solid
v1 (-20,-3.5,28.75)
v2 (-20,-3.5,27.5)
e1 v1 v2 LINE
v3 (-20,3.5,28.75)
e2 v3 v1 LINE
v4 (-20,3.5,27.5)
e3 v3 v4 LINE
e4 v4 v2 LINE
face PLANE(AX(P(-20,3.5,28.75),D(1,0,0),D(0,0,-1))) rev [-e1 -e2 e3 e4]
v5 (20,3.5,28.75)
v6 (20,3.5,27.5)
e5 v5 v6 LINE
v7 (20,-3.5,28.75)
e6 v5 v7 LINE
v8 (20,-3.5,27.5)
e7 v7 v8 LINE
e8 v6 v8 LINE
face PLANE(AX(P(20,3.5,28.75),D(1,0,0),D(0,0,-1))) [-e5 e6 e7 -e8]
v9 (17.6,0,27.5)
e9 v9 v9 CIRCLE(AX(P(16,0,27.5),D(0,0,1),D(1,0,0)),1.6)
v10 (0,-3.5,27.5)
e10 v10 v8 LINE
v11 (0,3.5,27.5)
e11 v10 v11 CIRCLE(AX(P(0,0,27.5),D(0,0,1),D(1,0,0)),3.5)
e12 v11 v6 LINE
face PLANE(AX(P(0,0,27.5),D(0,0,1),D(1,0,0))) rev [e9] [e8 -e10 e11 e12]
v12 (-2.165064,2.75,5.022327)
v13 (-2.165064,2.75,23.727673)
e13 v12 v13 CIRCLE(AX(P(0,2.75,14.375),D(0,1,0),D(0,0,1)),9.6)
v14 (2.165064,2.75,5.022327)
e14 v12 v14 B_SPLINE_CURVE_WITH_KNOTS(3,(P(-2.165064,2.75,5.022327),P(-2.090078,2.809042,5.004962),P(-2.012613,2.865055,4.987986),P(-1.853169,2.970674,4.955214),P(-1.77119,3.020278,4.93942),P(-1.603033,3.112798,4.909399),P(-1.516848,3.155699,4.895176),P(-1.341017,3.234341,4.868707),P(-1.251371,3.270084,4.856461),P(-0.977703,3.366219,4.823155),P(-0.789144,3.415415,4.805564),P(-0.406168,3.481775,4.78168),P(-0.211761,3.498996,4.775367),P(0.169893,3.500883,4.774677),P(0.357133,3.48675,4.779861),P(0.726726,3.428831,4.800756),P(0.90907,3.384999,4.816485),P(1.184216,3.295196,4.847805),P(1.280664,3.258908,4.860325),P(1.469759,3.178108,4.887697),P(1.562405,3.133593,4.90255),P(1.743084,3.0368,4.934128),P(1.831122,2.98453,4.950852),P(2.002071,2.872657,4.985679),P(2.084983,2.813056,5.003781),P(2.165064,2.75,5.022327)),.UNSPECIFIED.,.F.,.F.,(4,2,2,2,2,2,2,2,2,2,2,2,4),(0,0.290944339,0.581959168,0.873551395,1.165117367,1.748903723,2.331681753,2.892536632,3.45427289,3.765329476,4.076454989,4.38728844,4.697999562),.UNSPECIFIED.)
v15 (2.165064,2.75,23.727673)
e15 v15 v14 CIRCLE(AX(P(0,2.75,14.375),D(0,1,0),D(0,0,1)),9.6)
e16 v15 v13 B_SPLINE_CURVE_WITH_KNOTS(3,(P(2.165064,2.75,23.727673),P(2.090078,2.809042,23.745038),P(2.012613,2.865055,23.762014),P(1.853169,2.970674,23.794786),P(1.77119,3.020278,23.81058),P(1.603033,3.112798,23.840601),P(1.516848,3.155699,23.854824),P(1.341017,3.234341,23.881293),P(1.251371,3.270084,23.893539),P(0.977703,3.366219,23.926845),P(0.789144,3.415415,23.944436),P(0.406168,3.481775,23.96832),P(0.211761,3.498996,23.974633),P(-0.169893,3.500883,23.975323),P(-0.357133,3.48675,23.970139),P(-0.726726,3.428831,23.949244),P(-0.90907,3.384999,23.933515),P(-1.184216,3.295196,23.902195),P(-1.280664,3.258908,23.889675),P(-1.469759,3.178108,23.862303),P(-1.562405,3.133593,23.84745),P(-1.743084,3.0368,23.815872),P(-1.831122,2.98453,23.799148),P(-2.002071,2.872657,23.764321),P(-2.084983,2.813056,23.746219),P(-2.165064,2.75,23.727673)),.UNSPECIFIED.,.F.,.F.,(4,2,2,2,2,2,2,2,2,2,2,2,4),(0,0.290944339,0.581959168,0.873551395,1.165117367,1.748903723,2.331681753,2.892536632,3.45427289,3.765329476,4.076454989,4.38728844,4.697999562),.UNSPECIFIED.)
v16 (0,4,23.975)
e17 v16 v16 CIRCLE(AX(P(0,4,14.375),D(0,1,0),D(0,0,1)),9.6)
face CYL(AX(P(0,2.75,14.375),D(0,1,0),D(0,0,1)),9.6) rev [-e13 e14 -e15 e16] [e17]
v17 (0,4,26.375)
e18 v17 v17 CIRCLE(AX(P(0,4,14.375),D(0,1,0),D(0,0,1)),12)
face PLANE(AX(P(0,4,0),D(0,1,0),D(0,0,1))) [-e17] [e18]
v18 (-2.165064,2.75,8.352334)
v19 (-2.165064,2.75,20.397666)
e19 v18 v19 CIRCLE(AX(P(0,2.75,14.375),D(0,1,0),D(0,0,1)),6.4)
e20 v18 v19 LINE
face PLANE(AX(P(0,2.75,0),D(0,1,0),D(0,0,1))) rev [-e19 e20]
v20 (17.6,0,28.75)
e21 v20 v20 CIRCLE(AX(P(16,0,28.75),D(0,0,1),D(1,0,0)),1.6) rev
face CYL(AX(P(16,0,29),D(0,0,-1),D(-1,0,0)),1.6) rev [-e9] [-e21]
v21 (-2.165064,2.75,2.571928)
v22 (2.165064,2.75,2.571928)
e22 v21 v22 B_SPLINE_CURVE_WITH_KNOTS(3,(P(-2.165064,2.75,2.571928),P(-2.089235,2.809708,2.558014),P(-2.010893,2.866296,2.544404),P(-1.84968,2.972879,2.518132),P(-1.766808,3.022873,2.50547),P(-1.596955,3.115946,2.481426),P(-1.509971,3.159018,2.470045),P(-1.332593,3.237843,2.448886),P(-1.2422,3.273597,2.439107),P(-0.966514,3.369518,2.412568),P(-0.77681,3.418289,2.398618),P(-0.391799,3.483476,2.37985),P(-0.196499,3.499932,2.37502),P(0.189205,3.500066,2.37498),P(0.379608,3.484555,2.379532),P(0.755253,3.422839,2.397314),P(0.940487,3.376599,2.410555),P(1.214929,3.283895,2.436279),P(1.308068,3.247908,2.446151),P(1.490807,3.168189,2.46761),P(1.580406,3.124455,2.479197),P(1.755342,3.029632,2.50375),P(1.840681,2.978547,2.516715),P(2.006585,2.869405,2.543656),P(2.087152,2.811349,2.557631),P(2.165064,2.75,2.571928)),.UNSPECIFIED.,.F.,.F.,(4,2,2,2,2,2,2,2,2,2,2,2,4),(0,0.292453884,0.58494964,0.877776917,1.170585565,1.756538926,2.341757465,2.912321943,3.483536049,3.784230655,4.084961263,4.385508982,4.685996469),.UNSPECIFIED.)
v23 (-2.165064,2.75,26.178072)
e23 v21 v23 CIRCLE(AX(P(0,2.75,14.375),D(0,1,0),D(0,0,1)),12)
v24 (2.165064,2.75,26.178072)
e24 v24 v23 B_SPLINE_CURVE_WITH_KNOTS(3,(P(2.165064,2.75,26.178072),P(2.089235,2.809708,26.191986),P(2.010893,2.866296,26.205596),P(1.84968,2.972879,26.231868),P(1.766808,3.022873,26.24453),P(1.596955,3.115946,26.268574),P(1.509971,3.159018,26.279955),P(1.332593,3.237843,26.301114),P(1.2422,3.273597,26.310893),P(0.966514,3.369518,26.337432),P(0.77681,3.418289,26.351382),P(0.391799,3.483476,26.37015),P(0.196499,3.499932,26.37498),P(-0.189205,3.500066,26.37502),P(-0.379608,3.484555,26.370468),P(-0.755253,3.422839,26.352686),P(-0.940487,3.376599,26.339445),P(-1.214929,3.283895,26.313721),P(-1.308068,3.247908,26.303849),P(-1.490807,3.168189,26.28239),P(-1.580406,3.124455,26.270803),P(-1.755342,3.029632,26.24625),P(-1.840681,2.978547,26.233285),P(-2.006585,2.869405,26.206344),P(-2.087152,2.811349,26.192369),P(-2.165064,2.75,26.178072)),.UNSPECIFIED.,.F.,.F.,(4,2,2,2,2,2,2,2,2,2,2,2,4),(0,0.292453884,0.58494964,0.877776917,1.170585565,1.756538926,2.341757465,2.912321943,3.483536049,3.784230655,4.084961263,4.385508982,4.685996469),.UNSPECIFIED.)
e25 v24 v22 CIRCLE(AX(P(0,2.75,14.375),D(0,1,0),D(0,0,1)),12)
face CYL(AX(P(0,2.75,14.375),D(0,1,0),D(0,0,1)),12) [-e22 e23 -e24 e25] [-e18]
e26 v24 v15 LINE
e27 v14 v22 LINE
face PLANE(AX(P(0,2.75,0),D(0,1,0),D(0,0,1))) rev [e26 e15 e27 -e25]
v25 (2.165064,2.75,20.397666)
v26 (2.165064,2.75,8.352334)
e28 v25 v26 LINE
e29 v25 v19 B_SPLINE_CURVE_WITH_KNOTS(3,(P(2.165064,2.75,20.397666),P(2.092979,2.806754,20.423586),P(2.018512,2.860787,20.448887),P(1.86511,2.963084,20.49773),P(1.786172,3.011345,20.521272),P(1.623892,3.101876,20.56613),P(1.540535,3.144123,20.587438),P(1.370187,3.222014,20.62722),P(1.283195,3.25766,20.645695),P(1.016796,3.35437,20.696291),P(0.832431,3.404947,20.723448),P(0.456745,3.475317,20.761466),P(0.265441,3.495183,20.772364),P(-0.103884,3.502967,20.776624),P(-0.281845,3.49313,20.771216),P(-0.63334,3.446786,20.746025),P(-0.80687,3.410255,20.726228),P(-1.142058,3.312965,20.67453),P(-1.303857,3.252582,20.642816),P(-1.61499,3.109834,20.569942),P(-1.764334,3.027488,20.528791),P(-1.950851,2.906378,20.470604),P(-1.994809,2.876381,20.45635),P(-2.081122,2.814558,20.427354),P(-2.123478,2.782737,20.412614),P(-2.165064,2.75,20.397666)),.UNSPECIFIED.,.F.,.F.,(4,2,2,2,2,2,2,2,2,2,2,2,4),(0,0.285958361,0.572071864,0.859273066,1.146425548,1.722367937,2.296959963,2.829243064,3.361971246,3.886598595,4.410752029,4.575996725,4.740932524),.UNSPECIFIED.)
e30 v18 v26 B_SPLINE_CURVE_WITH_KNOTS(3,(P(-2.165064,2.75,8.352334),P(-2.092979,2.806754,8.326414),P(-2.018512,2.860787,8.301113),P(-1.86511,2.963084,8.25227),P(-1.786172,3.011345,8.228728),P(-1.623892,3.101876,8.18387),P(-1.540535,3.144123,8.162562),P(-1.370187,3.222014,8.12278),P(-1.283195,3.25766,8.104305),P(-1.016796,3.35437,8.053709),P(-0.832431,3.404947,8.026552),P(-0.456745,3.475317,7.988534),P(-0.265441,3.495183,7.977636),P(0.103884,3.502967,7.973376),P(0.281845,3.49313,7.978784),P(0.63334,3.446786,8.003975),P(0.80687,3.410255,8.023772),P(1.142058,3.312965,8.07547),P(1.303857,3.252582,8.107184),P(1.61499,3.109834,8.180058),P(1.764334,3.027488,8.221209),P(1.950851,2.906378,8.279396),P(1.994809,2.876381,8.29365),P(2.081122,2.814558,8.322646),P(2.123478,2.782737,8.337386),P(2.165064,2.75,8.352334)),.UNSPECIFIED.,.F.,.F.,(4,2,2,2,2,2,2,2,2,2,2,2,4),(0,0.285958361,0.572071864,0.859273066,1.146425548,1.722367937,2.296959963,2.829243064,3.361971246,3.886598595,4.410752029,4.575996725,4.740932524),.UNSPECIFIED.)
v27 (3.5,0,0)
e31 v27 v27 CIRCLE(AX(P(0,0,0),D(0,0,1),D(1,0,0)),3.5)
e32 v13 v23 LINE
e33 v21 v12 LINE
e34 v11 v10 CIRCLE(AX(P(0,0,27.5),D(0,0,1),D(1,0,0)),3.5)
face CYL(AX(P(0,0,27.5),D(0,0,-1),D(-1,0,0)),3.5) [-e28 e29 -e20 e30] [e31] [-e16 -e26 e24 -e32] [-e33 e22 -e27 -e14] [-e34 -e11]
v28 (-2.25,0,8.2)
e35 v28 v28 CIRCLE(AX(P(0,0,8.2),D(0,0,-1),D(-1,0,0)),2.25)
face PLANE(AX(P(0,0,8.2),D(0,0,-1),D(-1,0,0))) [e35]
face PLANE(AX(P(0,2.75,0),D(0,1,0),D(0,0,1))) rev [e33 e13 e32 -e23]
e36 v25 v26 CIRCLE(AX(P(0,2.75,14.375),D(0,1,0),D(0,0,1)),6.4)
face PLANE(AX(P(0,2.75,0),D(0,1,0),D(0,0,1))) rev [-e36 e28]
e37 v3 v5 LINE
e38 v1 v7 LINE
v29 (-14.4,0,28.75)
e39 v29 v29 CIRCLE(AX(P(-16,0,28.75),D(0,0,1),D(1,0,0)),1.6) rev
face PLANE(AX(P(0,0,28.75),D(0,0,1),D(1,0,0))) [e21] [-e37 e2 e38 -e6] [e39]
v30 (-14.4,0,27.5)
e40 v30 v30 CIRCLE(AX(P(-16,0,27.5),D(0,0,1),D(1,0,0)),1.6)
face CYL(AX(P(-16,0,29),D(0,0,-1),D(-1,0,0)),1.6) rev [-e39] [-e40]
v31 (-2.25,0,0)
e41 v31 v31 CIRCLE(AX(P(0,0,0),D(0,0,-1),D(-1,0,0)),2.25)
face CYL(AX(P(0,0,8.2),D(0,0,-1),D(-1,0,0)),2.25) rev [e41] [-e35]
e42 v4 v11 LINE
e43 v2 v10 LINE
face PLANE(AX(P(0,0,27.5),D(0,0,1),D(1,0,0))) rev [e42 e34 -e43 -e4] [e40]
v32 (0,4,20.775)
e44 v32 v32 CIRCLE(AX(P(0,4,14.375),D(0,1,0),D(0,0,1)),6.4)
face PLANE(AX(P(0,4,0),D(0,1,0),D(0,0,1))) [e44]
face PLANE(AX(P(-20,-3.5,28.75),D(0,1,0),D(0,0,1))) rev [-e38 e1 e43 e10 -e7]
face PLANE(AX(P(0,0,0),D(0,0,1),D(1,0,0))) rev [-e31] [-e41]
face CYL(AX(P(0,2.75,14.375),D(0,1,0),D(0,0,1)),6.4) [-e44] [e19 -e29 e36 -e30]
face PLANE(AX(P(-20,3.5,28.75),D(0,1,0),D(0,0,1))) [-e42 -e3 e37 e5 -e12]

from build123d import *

# Parameters (mm, degrees)
SKETCH_1_R           = 3.5
EXTRUDE_1_DEPTH      = 27.5
SKETCH_2_R           = 2.25
CUT_EXTRUDE_1_DEPTH  = 8.2
SKETCH_3_W           = 40
SKETCH_3_H           = 7
EXTRUDE_2_DEPTH      = 1.25
SKETCH_3_4_R         = 1.6
CUT_EXTRUDE_3_DEPTH  = 1.5
EXTRUDE_3_DEPTH      = 0.5
EXTRUDE_3_DEPTH_BACK = 0.75
SKETCH_6_R           = 12
SKETCH_6_R_2         = 9.6
SKETCH_6_R_3         = 6.4


with BuildPart() as part:
    # 草图1 → 凸台-拉伸1 (new body)
    with BuildSketch(Plane.XY):
        Circle(SKETCH_1_R)
    extrude(amount=EXTRUDE_1_DEPTH)

    # 草图2 → 切除-拉伸1 (cut)
    with BuildSketch(Plane(origin=(0, 0, 0), x_dir=(-1, 0, 0), z_dir=(0, 0, -1))):
        Circle(SKETCH_2_R)
    extrude(amount=-CUT_EXTRUDE_1_DEPTH, mode=Mode.SUBTRACT)

    # 草图3 → 凸台-拉伸2 (add)
    with BuildSketch(Plane.XY.offset(27.5)):
        Rectangle(SKETCH_3_W, SKETCH_3_H)
    extrude(amount=EXTRUDE_2_DEPTH)

    # 草图3<4> → 切除-拉伸3 (cut)
    with BuildSketch(Plane.XY.offset(27.5)):
        with Locations((-16, 0)):
            Circle(SKETCH_3_4_R)
        with Locations((16, 0)):
            Circle(SKETCH_3_4_R)
    extrude(amount=CUT_EXTRUDE_3_DEPTH, mode=Mode.SUBTRACT)

    # 草图6 → 凸台-拉伸3 (add, two sides: drawn at the far end of the back side and taken through both)
    # profile 1 of 2: a face of its own
    with BuildSketch(Plane(origin=(0, 3.5, 0), x_dir=(1, 0, 0), z_dir=(0, 1, 0)).offset(-EXTRUDE_3_DEPTH_BACK)):
        with Locations((0, -14.375)):
            Circle(SKETCH_6_R)
        with Locations((0, -14.375)):
            Circle(SKETCH_6_R_2, mode=Mode.SUBTRACT)
    # profile 2 of 2: a face of its own
    with BuildSketch(Plane(origin=(0, 3.5, 0), x_dir=(1, 0, 0), z_dir=(0, 1, 0)).offset(-EXTRUDE_3_DEPTH_BACK)):
        with Locations((0, -14.375)):
            Circle(SKETCH_6_R_3)
    extrude(amount=EXTRUDE_3_DEPTH + EXTRUDE_3_DEPTH_BACK)


solid = part.part
